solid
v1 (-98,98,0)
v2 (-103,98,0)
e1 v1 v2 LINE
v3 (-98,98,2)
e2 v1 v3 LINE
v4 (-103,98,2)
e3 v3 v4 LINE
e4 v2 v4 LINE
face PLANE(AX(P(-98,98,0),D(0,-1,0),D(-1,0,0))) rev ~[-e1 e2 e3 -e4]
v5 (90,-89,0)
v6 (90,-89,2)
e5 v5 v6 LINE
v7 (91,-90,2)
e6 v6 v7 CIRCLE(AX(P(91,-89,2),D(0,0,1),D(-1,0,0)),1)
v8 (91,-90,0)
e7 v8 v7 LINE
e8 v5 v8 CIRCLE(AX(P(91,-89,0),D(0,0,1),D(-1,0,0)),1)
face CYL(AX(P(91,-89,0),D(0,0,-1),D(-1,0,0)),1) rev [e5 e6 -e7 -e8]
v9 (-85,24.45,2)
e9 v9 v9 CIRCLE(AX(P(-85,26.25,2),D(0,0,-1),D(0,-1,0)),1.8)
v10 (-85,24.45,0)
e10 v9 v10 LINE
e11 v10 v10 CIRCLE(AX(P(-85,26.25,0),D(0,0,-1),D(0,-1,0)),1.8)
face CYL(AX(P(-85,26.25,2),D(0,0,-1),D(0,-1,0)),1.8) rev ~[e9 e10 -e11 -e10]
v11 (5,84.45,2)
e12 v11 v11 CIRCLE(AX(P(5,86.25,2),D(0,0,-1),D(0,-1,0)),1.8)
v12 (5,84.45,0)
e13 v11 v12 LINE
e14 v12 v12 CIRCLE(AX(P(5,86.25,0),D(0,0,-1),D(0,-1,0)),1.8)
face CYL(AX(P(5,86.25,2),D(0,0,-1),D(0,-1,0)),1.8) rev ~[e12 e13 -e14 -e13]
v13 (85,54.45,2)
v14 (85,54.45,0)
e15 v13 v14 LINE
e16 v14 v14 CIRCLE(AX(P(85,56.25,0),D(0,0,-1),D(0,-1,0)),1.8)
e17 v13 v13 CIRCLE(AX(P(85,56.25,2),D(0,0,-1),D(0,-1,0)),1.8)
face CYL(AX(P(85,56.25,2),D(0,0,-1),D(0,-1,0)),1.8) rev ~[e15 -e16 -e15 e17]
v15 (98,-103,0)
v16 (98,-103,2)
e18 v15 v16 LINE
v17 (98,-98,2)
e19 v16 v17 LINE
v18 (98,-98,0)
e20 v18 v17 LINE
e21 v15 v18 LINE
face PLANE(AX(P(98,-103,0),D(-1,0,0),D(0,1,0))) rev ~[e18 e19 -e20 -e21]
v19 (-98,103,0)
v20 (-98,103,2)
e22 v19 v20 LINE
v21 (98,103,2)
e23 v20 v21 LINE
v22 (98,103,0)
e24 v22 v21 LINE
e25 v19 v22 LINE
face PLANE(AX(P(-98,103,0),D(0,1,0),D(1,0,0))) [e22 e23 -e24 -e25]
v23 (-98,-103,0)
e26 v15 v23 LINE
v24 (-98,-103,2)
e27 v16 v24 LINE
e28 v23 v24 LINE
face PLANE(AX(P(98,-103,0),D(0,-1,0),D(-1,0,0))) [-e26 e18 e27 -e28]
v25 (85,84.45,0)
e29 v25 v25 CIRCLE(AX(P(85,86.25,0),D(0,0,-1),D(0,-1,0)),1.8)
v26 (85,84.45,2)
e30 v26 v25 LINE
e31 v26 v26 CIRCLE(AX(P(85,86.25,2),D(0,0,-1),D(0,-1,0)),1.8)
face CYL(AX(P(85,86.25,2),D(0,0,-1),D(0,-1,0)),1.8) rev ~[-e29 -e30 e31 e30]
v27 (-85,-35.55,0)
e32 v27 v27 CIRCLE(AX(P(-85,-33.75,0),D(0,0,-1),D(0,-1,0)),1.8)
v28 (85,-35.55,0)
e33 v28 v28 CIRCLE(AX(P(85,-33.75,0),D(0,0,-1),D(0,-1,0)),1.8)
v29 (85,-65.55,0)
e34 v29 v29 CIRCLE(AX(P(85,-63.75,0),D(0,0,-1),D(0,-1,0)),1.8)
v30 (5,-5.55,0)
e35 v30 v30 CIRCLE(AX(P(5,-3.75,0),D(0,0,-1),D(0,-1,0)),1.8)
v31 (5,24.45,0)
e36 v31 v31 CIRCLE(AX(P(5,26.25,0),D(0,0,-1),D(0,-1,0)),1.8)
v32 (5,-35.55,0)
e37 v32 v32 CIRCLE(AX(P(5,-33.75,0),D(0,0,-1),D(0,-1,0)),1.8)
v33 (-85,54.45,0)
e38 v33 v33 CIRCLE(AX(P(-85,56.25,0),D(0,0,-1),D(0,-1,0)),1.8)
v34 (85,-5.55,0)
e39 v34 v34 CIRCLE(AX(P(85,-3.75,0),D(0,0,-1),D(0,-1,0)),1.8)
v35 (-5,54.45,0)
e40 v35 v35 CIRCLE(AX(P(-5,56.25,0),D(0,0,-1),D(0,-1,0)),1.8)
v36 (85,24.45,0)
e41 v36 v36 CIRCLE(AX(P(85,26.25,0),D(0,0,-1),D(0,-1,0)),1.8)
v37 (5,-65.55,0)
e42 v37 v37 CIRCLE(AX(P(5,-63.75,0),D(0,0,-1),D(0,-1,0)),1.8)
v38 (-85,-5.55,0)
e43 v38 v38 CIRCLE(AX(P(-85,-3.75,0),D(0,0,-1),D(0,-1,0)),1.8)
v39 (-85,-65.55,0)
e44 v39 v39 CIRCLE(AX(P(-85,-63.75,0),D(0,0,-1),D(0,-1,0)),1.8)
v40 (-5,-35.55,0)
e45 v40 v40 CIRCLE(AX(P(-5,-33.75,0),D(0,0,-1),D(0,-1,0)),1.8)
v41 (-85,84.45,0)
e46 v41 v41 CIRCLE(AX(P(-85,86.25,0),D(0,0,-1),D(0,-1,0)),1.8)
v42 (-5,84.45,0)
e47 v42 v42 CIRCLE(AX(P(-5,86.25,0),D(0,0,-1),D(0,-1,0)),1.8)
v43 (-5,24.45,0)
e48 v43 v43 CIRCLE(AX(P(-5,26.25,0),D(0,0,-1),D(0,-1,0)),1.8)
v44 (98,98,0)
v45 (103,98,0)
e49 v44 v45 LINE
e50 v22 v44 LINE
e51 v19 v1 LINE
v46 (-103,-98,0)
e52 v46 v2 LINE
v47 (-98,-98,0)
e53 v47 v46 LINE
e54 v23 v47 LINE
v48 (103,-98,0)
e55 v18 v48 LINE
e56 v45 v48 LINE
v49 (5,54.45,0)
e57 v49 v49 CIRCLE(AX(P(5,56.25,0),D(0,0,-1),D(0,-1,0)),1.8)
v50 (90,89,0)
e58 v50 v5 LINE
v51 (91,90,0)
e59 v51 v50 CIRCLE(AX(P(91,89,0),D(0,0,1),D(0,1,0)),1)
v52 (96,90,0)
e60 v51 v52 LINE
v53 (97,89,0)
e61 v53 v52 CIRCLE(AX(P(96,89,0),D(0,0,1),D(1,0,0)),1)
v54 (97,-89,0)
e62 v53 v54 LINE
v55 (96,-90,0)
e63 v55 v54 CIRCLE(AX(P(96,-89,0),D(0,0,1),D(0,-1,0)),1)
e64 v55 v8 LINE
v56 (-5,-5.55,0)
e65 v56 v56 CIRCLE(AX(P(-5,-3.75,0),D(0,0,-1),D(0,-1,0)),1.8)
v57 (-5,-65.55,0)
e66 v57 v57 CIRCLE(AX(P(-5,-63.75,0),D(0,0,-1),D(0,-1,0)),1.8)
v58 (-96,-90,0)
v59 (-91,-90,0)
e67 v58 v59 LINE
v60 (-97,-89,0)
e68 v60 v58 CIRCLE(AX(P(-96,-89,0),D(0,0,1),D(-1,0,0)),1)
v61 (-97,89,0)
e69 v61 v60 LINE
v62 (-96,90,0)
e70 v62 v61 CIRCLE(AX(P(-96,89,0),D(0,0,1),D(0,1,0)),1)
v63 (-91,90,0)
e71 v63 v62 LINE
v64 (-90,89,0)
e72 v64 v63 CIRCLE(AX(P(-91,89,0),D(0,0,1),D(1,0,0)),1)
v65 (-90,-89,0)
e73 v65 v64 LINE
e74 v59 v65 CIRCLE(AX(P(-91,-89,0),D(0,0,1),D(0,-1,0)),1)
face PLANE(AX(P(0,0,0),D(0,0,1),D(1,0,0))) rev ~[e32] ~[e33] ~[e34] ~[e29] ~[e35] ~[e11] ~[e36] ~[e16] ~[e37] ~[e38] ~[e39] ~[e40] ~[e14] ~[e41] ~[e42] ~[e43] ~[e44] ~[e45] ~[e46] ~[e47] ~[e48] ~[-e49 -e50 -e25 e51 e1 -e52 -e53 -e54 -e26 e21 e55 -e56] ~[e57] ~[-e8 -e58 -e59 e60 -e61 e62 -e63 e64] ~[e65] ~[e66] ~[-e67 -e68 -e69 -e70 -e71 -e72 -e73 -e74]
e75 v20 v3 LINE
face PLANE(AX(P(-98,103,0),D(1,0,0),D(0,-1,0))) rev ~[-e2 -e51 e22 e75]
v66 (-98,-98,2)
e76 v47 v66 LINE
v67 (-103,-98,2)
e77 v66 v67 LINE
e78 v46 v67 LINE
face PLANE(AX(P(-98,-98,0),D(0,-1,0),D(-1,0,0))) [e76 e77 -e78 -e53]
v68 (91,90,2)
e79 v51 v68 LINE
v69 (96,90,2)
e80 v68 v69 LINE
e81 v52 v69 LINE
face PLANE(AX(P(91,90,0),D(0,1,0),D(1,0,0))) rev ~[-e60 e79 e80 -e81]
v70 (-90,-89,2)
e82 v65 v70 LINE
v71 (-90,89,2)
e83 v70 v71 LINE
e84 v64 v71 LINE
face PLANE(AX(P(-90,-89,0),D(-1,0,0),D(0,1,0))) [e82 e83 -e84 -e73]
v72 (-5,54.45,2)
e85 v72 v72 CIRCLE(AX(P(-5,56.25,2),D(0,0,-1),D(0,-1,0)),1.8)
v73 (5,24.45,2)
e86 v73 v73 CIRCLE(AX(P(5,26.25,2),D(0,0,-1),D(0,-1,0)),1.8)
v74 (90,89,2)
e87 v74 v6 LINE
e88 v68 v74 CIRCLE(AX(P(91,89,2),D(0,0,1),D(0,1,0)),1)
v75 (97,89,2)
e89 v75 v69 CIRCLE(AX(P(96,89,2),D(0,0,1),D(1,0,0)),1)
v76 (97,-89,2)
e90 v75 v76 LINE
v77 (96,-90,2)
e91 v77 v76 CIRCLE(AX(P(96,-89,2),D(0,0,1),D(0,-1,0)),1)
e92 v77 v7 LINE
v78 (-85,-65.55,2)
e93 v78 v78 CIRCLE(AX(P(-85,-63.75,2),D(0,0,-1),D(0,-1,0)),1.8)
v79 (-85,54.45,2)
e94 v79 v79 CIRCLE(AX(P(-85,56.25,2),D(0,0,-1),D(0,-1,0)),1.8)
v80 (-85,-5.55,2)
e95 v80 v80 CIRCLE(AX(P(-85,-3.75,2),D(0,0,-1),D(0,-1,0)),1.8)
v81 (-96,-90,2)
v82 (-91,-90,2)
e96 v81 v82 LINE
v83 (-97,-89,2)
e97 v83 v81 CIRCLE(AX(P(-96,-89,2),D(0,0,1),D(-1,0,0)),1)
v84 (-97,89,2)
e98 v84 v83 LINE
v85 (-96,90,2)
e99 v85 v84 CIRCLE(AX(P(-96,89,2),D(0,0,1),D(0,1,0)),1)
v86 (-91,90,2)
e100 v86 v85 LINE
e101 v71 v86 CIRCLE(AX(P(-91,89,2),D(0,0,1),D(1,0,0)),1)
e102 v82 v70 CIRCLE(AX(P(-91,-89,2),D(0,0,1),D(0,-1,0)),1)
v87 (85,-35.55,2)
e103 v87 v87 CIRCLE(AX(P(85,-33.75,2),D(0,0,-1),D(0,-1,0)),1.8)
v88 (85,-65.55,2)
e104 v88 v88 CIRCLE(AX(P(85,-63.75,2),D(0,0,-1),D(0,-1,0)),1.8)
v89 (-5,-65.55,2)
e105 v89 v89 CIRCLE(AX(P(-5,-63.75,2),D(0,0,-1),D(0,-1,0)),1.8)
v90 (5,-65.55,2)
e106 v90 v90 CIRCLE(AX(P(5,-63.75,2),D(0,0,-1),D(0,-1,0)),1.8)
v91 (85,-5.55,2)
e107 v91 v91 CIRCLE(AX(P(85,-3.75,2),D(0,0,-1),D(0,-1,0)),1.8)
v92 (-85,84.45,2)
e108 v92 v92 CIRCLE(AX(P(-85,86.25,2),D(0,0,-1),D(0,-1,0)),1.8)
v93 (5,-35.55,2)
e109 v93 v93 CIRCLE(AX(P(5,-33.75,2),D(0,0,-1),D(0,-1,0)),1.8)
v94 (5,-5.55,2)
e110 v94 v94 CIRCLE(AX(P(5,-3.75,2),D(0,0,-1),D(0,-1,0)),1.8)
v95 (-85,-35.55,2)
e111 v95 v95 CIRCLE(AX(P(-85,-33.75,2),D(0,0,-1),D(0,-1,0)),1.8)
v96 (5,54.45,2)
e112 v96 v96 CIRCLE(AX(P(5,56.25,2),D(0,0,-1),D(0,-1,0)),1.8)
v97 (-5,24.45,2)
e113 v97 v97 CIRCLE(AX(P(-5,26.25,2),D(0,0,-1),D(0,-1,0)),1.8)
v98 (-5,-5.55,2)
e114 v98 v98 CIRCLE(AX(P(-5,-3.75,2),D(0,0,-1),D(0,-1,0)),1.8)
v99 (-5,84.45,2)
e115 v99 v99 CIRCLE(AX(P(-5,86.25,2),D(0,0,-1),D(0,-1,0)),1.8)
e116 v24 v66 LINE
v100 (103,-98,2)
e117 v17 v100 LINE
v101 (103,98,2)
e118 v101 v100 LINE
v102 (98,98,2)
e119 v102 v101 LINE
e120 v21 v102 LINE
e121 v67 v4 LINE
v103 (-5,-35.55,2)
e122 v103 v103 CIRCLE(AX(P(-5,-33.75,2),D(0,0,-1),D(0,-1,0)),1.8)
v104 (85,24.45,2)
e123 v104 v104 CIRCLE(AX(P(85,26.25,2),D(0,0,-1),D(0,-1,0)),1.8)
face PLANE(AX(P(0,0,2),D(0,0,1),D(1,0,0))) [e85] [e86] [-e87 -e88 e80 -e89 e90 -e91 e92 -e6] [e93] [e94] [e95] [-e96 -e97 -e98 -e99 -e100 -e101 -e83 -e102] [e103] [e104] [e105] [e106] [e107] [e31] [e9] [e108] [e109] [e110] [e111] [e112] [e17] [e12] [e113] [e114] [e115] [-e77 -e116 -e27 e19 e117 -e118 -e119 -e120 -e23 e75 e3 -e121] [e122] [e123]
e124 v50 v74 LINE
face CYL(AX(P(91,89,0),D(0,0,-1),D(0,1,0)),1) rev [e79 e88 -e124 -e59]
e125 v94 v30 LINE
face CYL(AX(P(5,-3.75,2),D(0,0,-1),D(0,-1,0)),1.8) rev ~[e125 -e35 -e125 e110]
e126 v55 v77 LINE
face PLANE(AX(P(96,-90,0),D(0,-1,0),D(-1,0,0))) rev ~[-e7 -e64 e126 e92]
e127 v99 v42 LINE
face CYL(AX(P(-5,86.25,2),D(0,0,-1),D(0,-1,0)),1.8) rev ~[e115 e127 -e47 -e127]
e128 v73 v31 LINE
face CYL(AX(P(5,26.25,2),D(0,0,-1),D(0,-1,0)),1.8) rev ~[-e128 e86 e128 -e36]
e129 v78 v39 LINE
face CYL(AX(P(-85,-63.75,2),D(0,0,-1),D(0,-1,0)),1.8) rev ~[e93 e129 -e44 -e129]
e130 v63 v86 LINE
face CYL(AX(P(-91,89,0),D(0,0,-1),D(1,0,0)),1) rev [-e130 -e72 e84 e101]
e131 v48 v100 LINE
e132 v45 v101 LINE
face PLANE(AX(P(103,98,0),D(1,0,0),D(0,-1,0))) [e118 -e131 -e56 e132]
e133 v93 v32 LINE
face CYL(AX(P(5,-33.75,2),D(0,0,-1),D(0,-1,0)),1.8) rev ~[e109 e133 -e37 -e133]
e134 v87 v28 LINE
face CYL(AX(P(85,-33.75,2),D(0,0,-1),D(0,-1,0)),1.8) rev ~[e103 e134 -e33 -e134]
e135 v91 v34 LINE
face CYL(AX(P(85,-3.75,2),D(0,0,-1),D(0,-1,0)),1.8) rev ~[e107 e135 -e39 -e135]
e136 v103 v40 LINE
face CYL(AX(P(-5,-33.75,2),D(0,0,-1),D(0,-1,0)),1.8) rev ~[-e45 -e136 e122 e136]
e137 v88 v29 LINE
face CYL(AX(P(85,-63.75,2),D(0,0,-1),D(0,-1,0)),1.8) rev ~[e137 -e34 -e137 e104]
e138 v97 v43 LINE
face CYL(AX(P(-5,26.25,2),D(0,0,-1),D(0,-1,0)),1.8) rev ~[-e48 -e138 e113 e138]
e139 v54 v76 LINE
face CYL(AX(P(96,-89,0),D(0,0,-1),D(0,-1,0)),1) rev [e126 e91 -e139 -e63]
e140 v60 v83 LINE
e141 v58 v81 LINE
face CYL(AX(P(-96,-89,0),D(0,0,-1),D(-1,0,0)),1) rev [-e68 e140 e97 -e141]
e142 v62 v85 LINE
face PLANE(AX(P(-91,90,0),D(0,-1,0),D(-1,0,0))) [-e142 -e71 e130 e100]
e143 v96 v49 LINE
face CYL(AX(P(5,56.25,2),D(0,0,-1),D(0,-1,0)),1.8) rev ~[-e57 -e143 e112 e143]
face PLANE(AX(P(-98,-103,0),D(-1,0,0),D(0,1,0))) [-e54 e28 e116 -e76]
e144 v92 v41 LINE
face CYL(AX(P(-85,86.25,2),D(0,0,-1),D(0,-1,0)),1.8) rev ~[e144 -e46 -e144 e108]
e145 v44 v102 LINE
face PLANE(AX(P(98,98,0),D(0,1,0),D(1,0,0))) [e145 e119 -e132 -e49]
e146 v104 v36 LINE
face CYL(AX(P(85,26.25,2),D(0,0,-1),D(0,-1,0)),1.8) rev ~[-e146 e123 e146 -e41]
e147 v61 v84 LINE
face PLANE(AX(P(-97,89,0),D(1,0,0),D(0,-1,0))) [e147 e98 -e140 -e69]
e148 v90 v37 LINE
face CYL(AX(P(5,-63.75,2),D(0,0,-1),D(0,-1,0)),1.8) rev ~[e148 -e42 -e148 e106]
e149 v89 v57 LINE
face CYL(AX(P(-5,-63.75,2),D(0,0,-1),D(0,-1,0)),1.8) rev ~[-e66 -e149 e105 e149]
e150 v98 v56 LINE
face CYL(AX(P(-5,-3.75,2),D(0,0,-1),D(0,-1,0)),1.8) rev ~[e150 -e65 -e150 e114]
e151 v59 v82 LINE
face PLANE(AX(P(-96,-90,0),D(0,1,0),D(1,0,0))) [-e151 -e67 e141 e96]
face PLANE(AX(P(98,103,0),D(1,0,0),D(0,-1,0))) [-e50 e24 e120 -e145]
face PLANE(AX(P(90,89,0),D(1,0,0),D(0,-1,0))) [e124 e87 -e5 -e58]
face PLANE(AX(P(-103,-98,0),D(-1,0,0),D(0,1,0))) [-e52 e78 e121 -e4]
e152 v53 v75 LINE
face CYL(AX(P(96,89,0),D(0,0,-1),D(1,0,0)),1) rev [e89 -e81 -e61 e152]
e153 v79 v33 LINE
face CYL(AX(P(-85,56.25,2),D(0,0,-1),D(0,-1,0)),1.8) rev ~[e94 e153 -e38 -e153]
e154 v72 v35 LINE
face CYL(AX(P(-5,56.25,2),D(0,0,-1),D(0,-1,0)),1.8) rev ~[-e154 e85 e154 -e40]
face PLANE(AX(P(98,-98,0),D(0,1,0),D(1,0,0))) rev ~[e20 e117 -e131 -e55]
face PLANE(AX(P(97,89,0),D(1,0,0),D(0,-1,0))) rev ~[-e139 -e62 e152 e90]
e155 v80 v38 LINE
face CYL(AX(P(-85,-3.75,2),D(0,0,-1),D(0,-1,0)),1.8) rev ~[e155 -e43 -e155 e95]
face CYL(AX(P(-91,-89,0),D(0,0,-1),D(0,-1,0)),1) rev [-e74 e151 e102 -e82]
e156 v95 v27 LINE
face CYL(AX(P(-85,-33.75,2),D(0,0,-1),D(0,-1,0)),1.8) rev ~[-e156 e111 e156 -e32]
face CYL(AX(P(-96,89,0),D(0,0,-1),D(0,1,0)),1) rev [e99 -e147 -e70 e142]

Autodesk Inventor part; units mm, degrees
ref_plane "YZ Plane" through (0, 0, 0) normal (1, 0, 0) x (0, 1, 0)
ref_plane "XZ Plane" through (0, 0, 0) normal (0, 1, 0) x (-1, 0, 0)
ref_plane "XY Plane" through (0, 0, 0) normal (0, 0, 1) x (1, 0, 0)
sketch "Sketch2" plane through (0, 0, 0) normal (0, 0, 1) x (1, 0, 0)
  line L0 (-103, 103) -> (103, 103)
  line L1 (103, 103) -> (103, -103)
  line L2 (103, -103) -> (-103, -103)
  line L3 (-103, -103) -> (-103, 103)
  line L4 (-103, 103) -> (103, -103) construction
  line L5 (103, 103) -> (-103, -103) construction
  line L6 (-103, 103) -> (-98, 103)
  line L7 (-98, 103) -> (-98, 98)
  line L8 (-98, 98) -> (-103, 98)
  line L9 (-103, 98) -> (-103, 103)
  line L10 (103, 103) -> (98, 103)
  line L11 (98, 103) -> (98, 98)
  line L12 (98, 98) -> (103, 98)
  line L13 (103, 98) -> (103, 103)
  line L14 (103, -103) -> (98, -103)
  line L15 (98, -103) -> (98, -98)
  line L16 (98, -98) -> (103, -98)
  line L17 (103, -98) -> (103, -103)
  line L18 (-103, -103) -> (-98, -103)
  line L19 (-98, -103) -> (-98, -98)
  line L20 (-98, -98) -> (-103, -98)
  line L21 (-103, -98) -> (-103, -103)
  line L22 (90, 89) -> (90, -89)
  line L23 (-90, 90) -> (90, -90) construction
  line L24 (90, 90) -> (-90, -90) construction
  line L25 (-91, 90) -> (-96, 90)
  line L26 (-97, 89) -> (-97, -89)
  line L27 (-96, -90) -> (-91, -90)
  line L28 (-90, -89) -> (-90, 89)
  line L29 (91, 90) -> (96, 90)
  line L30 (97, 89) -> (97, -89)
  line L31 (96, -90) -> (91, -90)
  arc A0 (-96, 90) -> (-97, 89) centre (-96, 89) ccw
  arc A1 (-90, 89) -> (-91, 90) centre (-91, 89) ccw
  arc A2 (-91, -90) -> (-90, -89) centre (-91, -89) ccw
  arc A3 (-97, -89) -> (-96, -90) centre (-96, -89) ccw
  arc A4 (97, 89) -> (96, 90) centre (96, 89) ccw
  arc A5 (91, 90) -> (90, 89) centre (91, 89) ccw
  arc A6 (96, -90) -> (97, -89) centre (96, -89) ccw
  arc A7 (90, -89) -> (91, -90) centre (91, -89) ccw
  point P0 (0, 0)
  point P1 (-97, -90)
  point P2 (97, -90)
  dimension "d0" = 206
  dimension "d1" = 206
  dimension "d2" = 5
  dimension "d3" = 5
  dimension "d4" = 5
  dimension "d5" = 5
  dimension "d6" = 5
  dimension "d7" = 5
  dimension "d8" = 5
  dimension "d9" = 5
  dimension "d10" = 180
  dimension "d11" = 180
  dimension "d12" = 7
  dimension "d14" = 1
  dimension "d15" = 180
extrude "Extrusion1" add sketch "Sketch2" along normal blind 2 contours L0 L11 L12 L1 L16 L15 L2 L19 L20 L3 L8 L7
sketch "Sketch3" plane through (0, 0, 2) normal (0, 0, 1) x (1, 0, 0)
  circle A0 centre (-85, 86.25) radius 1.825
  point P0 (0, 0)
  dimension "d18" = 3.65
hole "Hole1" at (-85, 86.25, 2) direction (0, 0, -1) diameter 3.6 depth 10
pattern_linear "Rectangular Pattern1" count 2 spacing 80 along (1, 0, 0) count 6 spacing 30 along (0, -1, 0) of "Hole1"
sketch "Sketch4" plane through (0, 0, 2) normal (0, 0, 1) x (1, 0, 0)
  circle A0 centre (5, 86.25) radius 1.8
  point P0 (0, 0)
  dimension "d33" = 3.6
hole "Hole2" at (5, 86.25, 2) direction (0, 0, -1) diameter 3.6 depth 10
pattern_linear "Rectangular Pattern2" count 2 spacing 80 along (1, 0, 0) count 6 spacing 30 along (0, -1, 0) of "Hole2"
properties part number "Baseplate_for_PCBs"
